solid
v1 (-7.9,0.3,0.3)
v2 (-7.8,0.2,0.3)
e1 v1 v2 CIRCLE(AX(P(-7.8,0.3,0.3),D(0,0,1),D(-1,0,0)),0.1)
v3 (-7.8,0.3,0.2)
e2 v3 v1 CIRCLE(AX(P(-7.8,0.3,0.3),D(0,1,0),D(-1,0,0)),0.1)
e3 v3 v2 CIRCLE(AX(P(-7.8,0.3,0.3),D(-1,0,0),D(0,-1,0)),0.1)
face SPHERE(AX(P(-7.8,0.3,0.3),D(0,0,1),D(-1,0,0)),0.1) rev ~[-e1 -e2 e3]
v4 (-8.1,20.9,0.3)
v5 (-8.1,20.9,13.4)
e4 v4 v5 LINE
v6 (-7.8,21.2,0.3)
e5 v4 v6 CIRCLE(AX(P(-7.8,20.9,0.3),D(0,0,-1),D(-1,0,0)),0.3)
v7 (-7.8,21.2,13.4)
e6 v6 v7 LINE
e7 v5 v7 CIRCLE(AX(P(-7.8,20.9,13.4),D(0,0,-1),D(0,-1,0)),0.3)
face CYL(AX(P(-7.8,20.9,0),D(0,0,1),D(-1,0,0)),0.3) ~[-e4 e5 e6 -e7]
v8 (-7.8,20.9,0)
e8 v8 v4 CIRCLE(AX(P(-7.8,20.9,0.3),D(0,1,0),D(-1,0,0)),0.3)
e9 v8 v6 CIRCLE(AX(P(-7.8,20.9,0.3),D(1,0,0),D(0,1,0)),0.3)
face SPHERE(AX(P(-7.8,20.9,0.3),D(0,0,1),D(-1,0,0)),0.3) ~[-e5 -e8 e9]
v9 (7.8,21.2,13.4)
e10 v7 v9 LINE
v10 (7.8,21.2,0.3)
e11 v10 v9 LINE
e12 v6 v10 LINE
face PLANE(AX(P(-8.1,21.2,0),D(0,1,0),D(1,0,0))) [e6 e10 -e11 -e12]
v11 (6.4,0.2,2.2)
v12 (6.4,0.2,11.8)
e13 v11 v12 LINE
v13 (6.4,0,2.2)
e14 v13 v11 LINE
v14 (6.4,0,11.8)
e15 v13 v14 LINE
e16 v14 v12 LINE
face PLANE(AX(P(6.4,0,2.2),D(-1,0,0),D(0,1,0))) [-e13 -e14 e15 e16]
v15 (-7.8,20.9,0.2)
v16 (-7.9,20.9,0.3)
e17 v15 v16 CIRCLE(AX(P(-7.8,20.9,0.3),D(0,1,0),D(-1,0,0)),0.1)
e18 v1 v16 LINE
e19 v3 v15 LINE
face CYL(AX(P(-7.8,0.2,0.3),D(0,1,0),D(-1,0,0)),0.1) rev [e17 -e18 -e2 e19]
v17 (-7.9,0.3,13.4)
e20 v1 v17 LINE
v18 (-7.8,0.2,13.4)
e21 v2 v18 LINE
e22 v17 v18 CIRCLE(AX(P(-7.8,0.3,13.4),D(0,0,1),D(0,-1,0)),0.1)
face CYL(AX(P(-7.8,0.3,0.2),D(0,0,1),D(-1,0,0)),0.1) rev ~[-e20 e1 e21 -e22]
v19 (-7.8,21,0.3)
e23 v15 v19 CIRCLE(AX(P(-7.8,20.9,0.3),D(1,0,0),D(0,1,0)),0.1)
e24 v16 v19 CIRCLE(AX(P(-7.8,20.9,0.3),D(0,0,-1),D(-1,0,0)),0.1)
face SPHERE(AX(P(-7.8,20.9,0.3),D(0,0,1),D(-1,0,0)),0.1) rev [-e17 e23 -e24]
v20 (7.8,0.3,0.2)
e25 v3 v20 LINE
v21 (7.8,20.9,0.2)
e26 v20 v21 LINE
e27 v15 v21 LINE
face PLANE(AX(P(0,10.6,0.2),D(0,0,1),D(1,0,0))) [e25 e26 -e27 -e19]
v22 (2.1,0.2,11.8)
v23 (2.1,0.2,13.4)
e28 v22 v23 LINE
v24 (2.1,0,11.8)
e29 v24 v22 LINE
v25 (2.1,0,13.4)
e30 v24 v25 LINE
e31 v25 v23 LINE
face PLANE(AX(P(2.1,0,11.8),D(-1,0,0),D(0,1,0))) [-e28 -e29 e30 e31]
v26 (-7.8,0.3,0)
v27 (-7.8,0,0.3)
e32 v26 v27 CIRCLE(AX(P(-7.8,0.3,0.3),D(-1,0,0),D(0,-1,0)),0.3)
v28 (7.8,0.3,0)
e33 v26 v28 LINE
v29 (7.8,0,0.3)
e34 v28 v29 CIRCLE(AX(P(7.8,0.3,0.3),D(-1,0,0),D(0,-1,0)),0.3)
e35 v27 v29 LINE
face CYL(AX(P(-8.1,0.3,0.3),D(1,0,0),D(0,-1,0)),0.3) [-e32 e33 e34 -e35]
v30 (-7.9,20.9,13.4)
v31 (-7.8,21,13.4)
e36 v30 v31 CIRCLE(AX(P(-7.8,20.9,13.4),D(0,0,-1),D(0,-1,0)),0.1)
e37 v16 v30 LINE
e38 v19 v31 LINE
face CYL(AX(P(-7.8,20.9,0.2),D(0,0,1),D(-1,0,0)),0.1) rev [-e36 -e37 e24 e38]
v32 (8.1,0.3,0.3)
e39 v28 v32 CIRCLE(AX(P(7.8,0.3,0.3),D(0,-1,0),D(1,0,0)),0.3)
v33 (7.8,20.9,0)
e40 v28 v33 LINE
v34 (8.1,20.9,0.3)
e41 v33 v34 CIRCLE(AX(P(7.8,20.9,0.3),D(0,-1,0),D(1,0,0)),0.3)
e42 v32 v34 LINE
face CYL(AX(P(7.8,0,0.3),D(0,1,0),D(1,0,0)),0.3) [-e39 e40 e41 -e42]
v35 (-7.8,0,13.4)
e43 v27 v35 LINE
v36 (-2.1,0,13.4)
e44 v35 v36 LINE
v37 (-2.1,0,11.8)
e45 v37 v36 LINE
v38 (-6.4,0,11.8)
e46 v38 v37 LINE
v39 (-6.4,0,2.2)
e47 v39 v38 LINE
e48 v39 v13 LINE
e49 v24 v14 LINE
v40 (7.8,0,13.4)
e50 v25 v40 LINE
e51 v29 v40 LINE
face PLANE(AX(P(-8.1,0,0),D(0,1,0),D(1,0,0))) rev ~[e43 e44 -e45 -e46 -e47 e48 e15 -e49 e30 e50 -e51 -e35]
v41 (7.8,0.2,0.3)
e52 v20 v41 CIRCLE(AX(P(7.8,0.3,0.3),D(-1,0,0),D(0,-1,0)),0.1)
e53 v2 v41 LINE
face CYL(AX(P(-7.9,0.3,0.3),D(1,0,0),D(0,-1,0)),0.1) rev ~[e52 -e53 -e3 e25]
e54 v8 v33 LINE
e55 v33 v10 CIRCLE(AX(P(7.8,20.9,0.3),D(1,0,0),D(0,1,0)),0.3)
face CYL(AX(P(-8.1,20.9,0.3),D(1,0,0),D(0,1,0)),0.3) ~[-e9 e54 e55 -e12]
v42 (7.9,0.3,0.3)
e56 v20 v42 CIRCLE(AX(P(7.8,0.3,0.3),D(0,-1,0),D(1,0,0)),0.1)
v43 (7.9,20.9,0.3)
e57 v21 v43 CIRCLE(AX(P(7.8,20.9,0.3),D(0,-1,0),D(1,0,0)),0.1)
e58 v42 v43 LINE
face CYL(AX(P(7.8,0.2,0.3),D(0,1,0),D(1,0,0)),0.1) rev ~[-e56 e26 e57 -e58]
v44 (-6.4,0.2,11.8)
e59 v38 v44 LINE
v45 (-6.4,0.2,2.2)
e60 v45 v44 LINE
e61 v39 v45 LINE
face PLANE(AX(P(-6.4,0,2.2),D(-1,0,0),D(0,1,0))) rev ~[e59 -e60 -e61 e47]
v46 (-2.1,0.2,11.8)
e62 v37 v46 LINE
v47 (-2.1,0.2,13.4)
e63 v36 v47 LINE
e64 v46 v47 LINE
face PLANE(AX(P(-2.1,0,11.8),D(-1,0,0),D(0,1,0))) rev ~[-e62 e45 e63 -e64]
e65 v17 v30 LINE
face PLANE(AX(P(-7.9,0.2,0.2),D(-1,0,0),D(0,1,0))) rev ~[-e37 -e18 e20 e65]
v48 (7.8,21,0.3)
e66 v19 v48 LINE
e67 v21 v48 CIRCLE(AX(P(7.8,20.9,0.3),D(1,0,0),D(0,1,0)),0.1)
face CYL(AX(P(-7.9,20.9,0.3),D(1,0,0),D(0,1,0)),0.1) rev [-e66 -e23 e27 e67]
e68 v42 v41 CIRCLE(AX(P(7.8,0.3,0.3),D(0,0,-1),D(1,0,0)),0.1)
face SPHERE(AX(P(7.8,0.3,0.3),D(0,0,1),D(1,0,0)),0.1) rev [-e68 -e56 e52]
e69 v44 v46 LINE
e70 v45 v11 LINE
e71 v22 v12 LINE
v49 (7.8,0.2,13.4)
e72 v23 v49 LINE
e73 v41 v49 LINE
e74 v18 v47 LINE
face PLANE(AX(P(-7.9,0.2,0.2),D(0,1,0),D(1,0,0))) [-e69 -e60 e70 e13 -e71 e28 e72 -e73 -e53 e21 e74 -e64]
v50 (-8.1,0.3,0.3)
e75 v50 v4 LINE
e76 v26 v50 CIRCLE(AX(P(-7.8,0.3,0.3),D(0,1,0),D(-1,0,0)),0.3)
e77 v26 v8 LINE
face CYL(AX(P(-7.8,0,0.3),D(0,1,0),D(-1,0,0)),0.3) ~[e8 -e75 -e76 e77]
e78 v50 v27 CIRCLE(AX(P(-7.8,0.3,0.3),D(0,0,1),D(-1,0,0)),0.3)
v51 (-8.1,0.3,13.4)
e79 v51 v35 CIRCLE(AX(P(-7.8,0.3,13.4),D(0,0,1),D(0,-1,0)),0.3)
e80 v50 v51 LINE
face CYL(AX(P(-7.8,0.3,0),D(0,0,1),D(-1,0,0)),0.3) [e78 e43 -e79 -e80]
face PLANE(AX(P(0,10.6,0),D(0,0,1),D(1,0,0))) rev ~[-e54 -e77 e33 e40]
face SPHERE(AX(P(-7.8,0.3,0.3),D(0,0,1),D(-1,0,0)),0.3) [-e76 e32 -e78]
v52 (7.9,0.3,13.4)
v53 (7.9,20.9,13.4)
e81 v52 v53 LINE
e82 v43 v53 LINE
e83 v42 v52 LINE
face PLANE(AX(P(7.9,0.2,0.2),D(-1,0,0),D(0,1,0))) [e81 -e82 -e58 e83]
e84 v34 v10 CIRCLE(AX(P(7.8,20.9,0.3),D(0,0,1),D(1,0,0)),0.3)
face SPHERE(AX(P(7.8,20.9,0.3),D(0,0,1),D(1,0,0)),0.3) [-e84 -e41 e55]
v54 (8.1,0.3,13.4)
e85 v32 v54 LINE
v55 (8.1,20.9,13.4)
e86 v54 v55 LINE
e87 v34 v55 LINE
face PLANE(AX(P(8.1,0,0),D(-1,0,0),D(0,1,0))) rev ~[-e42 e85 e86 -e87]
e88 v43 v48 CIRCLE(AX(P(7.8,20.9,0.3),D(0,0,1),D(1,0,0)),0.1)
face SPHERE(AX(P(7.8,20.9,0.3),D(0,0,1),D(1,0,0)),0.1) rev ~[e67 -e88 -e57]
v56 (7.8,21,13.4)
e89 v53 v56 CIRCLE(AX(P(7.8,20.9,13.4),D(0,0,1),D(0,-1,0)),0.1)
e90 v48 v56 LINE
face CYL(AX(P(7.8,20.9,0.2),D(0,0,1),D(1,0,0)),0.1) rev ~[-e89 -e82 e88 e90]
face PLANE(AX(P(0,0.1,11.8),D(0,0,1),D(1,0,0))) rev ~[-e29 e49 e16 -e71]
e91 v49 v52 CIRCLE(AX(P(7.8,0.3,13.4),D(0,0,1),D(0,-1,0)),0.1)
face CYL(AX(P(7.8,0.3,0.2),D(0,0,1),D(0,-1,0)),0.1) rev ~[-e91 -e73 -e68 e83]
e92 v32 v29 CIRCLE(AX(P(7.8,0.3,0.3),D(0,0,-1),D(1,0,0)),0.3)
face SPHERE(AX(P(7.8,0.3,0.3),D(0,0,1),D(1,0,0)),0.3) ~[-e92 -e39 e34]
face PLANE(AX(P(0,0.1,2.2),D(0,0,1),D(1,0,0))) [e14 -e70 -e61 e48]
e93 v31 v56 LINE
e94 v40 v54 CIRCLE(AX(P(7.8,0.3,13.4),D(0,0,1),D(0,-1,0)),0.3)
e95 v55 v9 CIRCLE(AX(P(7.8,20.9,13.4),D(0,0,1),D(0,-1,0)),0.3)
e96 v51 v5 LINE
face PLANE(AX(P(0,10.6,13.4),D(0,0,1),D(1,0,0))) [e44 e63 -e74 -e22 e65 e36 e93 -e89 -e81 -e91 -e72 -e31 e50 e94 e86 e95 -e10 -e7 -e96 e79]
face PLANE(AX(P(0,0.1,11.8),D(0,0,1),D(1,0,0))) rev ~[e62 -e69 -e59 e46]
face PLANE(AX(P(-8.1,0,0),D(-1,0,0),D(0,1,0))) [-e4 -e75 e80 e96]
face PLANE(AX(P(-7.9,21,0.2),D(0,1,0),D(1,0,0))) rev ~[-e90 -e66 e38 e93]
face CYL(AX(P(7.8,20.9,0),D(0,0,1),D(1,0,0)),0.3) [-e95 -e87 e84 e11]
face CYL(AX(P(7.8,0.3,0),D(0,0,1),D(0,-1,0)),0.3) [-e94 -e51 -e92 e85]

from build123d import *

# Parameters (mm, degrees)
BOX040_W     = 12.8
BOX040_H     = 0.2
BOX040_DEPTH = 9.6
BOX041_W     = 4.2
BOX041_H     = 0.2
BOX041_DEPTH = 1.6
BOX007_W     = 15.8
BOX007_H     = 20.8
BOX007_DEPTH = 13.2
FILLET008_R  = 0.1
BOX039_W     = 16.2
BOX039_H     = 21.2
BOX039_DEPTH = 13.4
FILLET011_R  = 0.3


with BuildPart() as cube032:
    # Box040 → Box040 (new body)
    with BuildSketch(Plane(origin=(-6.4, 0, 2.2), x_dir=(1, 0, 0), z_dir=(0, 0, 1))):
        with Locations((6.4, 0.1)):
            Rectangle(BOX040_W, BOX040_H)
    extrude(amount=BOX040_DEPTH)


with BuildPart() as cube033:
    # Box041 → Box041 (new body)
    with BuildSketch(Plane(origin=(-2.1, 0, 11.8), x_dir=(1, 0, 0), z_dir=(0, 0, 1))):
        with Locations((2.1, 0.1)):
            Rectangle(BOX041_W, BOX041_H)
    extrude(amount=BOX041_DEPTH)


with BuildPart() as fusion042:
    # Box007 → Box007 (new body)
    with BuildSketch(Plane(origin=(-7.9, 0.2, 0.2), x_dir=(1, 0, 0), z_dir=(0, 0, 1))):
        with Locations((7.9, 10.4)):
            Rectangle(BOX007_W, BOX007_H)
    extrude(amount=BOX007_DEPTH)

    # Fillet008
    fillet008_edges = [fusion042.edges().sort_by_distance(p)[0] for p in [
        (-7.9, 0.2, 6.8),
        (-7.9, 21, 6.8),
        (-7.9, 10.6, 0.2),
        (7.9, 0.2, 6.8),
        (7.9, 21, 6.8),
        (7.9, 10.6, 0.2),
        (0, 0.2, 0.2),
        (0, 21, 0.2),
    ]]
    fillet(fillet008_edges, radius=FILLET008_R)

    # Fusion042: union Cube032, Cube033
    add(cube032.part)
    add(cube033.part)


with BuildPart() as shield001:
    # Box039 → Box039 (new body)
    with BuildSketch(Plane(origin=(-8.1, 0, 0), x_dir=(1, 0, 0), z_dir=(0, 0, 1))):
        with Locations((8.1, 10.6)):
            Rectangle(BOX039_W, BOX039_H)
    extrude(amount=BOX039_DEPTH)

    # Fillet011
    fillet011_edges = [shield001.edges().sort_by_distance(p)[0] for p in [
        (-8.1, 0, 6.7),
        (-8.1, 21.2, 6.7),
        (-8.1, 10.6, 0),
        (8.1, 0, 6.7),
        (8.1, 21.2, 6.7),
        (8.1, 10.6, 0),
        (0, 0, 0),
        (0, 21.2, 0),
    ]]
    fillet(fillet011_edges, radius=FILLET011_R)

    # Cut009: cut Fusion042
    add(fusion042.part, mode=Mode.SUBTRACT)


solid = shield001.part
